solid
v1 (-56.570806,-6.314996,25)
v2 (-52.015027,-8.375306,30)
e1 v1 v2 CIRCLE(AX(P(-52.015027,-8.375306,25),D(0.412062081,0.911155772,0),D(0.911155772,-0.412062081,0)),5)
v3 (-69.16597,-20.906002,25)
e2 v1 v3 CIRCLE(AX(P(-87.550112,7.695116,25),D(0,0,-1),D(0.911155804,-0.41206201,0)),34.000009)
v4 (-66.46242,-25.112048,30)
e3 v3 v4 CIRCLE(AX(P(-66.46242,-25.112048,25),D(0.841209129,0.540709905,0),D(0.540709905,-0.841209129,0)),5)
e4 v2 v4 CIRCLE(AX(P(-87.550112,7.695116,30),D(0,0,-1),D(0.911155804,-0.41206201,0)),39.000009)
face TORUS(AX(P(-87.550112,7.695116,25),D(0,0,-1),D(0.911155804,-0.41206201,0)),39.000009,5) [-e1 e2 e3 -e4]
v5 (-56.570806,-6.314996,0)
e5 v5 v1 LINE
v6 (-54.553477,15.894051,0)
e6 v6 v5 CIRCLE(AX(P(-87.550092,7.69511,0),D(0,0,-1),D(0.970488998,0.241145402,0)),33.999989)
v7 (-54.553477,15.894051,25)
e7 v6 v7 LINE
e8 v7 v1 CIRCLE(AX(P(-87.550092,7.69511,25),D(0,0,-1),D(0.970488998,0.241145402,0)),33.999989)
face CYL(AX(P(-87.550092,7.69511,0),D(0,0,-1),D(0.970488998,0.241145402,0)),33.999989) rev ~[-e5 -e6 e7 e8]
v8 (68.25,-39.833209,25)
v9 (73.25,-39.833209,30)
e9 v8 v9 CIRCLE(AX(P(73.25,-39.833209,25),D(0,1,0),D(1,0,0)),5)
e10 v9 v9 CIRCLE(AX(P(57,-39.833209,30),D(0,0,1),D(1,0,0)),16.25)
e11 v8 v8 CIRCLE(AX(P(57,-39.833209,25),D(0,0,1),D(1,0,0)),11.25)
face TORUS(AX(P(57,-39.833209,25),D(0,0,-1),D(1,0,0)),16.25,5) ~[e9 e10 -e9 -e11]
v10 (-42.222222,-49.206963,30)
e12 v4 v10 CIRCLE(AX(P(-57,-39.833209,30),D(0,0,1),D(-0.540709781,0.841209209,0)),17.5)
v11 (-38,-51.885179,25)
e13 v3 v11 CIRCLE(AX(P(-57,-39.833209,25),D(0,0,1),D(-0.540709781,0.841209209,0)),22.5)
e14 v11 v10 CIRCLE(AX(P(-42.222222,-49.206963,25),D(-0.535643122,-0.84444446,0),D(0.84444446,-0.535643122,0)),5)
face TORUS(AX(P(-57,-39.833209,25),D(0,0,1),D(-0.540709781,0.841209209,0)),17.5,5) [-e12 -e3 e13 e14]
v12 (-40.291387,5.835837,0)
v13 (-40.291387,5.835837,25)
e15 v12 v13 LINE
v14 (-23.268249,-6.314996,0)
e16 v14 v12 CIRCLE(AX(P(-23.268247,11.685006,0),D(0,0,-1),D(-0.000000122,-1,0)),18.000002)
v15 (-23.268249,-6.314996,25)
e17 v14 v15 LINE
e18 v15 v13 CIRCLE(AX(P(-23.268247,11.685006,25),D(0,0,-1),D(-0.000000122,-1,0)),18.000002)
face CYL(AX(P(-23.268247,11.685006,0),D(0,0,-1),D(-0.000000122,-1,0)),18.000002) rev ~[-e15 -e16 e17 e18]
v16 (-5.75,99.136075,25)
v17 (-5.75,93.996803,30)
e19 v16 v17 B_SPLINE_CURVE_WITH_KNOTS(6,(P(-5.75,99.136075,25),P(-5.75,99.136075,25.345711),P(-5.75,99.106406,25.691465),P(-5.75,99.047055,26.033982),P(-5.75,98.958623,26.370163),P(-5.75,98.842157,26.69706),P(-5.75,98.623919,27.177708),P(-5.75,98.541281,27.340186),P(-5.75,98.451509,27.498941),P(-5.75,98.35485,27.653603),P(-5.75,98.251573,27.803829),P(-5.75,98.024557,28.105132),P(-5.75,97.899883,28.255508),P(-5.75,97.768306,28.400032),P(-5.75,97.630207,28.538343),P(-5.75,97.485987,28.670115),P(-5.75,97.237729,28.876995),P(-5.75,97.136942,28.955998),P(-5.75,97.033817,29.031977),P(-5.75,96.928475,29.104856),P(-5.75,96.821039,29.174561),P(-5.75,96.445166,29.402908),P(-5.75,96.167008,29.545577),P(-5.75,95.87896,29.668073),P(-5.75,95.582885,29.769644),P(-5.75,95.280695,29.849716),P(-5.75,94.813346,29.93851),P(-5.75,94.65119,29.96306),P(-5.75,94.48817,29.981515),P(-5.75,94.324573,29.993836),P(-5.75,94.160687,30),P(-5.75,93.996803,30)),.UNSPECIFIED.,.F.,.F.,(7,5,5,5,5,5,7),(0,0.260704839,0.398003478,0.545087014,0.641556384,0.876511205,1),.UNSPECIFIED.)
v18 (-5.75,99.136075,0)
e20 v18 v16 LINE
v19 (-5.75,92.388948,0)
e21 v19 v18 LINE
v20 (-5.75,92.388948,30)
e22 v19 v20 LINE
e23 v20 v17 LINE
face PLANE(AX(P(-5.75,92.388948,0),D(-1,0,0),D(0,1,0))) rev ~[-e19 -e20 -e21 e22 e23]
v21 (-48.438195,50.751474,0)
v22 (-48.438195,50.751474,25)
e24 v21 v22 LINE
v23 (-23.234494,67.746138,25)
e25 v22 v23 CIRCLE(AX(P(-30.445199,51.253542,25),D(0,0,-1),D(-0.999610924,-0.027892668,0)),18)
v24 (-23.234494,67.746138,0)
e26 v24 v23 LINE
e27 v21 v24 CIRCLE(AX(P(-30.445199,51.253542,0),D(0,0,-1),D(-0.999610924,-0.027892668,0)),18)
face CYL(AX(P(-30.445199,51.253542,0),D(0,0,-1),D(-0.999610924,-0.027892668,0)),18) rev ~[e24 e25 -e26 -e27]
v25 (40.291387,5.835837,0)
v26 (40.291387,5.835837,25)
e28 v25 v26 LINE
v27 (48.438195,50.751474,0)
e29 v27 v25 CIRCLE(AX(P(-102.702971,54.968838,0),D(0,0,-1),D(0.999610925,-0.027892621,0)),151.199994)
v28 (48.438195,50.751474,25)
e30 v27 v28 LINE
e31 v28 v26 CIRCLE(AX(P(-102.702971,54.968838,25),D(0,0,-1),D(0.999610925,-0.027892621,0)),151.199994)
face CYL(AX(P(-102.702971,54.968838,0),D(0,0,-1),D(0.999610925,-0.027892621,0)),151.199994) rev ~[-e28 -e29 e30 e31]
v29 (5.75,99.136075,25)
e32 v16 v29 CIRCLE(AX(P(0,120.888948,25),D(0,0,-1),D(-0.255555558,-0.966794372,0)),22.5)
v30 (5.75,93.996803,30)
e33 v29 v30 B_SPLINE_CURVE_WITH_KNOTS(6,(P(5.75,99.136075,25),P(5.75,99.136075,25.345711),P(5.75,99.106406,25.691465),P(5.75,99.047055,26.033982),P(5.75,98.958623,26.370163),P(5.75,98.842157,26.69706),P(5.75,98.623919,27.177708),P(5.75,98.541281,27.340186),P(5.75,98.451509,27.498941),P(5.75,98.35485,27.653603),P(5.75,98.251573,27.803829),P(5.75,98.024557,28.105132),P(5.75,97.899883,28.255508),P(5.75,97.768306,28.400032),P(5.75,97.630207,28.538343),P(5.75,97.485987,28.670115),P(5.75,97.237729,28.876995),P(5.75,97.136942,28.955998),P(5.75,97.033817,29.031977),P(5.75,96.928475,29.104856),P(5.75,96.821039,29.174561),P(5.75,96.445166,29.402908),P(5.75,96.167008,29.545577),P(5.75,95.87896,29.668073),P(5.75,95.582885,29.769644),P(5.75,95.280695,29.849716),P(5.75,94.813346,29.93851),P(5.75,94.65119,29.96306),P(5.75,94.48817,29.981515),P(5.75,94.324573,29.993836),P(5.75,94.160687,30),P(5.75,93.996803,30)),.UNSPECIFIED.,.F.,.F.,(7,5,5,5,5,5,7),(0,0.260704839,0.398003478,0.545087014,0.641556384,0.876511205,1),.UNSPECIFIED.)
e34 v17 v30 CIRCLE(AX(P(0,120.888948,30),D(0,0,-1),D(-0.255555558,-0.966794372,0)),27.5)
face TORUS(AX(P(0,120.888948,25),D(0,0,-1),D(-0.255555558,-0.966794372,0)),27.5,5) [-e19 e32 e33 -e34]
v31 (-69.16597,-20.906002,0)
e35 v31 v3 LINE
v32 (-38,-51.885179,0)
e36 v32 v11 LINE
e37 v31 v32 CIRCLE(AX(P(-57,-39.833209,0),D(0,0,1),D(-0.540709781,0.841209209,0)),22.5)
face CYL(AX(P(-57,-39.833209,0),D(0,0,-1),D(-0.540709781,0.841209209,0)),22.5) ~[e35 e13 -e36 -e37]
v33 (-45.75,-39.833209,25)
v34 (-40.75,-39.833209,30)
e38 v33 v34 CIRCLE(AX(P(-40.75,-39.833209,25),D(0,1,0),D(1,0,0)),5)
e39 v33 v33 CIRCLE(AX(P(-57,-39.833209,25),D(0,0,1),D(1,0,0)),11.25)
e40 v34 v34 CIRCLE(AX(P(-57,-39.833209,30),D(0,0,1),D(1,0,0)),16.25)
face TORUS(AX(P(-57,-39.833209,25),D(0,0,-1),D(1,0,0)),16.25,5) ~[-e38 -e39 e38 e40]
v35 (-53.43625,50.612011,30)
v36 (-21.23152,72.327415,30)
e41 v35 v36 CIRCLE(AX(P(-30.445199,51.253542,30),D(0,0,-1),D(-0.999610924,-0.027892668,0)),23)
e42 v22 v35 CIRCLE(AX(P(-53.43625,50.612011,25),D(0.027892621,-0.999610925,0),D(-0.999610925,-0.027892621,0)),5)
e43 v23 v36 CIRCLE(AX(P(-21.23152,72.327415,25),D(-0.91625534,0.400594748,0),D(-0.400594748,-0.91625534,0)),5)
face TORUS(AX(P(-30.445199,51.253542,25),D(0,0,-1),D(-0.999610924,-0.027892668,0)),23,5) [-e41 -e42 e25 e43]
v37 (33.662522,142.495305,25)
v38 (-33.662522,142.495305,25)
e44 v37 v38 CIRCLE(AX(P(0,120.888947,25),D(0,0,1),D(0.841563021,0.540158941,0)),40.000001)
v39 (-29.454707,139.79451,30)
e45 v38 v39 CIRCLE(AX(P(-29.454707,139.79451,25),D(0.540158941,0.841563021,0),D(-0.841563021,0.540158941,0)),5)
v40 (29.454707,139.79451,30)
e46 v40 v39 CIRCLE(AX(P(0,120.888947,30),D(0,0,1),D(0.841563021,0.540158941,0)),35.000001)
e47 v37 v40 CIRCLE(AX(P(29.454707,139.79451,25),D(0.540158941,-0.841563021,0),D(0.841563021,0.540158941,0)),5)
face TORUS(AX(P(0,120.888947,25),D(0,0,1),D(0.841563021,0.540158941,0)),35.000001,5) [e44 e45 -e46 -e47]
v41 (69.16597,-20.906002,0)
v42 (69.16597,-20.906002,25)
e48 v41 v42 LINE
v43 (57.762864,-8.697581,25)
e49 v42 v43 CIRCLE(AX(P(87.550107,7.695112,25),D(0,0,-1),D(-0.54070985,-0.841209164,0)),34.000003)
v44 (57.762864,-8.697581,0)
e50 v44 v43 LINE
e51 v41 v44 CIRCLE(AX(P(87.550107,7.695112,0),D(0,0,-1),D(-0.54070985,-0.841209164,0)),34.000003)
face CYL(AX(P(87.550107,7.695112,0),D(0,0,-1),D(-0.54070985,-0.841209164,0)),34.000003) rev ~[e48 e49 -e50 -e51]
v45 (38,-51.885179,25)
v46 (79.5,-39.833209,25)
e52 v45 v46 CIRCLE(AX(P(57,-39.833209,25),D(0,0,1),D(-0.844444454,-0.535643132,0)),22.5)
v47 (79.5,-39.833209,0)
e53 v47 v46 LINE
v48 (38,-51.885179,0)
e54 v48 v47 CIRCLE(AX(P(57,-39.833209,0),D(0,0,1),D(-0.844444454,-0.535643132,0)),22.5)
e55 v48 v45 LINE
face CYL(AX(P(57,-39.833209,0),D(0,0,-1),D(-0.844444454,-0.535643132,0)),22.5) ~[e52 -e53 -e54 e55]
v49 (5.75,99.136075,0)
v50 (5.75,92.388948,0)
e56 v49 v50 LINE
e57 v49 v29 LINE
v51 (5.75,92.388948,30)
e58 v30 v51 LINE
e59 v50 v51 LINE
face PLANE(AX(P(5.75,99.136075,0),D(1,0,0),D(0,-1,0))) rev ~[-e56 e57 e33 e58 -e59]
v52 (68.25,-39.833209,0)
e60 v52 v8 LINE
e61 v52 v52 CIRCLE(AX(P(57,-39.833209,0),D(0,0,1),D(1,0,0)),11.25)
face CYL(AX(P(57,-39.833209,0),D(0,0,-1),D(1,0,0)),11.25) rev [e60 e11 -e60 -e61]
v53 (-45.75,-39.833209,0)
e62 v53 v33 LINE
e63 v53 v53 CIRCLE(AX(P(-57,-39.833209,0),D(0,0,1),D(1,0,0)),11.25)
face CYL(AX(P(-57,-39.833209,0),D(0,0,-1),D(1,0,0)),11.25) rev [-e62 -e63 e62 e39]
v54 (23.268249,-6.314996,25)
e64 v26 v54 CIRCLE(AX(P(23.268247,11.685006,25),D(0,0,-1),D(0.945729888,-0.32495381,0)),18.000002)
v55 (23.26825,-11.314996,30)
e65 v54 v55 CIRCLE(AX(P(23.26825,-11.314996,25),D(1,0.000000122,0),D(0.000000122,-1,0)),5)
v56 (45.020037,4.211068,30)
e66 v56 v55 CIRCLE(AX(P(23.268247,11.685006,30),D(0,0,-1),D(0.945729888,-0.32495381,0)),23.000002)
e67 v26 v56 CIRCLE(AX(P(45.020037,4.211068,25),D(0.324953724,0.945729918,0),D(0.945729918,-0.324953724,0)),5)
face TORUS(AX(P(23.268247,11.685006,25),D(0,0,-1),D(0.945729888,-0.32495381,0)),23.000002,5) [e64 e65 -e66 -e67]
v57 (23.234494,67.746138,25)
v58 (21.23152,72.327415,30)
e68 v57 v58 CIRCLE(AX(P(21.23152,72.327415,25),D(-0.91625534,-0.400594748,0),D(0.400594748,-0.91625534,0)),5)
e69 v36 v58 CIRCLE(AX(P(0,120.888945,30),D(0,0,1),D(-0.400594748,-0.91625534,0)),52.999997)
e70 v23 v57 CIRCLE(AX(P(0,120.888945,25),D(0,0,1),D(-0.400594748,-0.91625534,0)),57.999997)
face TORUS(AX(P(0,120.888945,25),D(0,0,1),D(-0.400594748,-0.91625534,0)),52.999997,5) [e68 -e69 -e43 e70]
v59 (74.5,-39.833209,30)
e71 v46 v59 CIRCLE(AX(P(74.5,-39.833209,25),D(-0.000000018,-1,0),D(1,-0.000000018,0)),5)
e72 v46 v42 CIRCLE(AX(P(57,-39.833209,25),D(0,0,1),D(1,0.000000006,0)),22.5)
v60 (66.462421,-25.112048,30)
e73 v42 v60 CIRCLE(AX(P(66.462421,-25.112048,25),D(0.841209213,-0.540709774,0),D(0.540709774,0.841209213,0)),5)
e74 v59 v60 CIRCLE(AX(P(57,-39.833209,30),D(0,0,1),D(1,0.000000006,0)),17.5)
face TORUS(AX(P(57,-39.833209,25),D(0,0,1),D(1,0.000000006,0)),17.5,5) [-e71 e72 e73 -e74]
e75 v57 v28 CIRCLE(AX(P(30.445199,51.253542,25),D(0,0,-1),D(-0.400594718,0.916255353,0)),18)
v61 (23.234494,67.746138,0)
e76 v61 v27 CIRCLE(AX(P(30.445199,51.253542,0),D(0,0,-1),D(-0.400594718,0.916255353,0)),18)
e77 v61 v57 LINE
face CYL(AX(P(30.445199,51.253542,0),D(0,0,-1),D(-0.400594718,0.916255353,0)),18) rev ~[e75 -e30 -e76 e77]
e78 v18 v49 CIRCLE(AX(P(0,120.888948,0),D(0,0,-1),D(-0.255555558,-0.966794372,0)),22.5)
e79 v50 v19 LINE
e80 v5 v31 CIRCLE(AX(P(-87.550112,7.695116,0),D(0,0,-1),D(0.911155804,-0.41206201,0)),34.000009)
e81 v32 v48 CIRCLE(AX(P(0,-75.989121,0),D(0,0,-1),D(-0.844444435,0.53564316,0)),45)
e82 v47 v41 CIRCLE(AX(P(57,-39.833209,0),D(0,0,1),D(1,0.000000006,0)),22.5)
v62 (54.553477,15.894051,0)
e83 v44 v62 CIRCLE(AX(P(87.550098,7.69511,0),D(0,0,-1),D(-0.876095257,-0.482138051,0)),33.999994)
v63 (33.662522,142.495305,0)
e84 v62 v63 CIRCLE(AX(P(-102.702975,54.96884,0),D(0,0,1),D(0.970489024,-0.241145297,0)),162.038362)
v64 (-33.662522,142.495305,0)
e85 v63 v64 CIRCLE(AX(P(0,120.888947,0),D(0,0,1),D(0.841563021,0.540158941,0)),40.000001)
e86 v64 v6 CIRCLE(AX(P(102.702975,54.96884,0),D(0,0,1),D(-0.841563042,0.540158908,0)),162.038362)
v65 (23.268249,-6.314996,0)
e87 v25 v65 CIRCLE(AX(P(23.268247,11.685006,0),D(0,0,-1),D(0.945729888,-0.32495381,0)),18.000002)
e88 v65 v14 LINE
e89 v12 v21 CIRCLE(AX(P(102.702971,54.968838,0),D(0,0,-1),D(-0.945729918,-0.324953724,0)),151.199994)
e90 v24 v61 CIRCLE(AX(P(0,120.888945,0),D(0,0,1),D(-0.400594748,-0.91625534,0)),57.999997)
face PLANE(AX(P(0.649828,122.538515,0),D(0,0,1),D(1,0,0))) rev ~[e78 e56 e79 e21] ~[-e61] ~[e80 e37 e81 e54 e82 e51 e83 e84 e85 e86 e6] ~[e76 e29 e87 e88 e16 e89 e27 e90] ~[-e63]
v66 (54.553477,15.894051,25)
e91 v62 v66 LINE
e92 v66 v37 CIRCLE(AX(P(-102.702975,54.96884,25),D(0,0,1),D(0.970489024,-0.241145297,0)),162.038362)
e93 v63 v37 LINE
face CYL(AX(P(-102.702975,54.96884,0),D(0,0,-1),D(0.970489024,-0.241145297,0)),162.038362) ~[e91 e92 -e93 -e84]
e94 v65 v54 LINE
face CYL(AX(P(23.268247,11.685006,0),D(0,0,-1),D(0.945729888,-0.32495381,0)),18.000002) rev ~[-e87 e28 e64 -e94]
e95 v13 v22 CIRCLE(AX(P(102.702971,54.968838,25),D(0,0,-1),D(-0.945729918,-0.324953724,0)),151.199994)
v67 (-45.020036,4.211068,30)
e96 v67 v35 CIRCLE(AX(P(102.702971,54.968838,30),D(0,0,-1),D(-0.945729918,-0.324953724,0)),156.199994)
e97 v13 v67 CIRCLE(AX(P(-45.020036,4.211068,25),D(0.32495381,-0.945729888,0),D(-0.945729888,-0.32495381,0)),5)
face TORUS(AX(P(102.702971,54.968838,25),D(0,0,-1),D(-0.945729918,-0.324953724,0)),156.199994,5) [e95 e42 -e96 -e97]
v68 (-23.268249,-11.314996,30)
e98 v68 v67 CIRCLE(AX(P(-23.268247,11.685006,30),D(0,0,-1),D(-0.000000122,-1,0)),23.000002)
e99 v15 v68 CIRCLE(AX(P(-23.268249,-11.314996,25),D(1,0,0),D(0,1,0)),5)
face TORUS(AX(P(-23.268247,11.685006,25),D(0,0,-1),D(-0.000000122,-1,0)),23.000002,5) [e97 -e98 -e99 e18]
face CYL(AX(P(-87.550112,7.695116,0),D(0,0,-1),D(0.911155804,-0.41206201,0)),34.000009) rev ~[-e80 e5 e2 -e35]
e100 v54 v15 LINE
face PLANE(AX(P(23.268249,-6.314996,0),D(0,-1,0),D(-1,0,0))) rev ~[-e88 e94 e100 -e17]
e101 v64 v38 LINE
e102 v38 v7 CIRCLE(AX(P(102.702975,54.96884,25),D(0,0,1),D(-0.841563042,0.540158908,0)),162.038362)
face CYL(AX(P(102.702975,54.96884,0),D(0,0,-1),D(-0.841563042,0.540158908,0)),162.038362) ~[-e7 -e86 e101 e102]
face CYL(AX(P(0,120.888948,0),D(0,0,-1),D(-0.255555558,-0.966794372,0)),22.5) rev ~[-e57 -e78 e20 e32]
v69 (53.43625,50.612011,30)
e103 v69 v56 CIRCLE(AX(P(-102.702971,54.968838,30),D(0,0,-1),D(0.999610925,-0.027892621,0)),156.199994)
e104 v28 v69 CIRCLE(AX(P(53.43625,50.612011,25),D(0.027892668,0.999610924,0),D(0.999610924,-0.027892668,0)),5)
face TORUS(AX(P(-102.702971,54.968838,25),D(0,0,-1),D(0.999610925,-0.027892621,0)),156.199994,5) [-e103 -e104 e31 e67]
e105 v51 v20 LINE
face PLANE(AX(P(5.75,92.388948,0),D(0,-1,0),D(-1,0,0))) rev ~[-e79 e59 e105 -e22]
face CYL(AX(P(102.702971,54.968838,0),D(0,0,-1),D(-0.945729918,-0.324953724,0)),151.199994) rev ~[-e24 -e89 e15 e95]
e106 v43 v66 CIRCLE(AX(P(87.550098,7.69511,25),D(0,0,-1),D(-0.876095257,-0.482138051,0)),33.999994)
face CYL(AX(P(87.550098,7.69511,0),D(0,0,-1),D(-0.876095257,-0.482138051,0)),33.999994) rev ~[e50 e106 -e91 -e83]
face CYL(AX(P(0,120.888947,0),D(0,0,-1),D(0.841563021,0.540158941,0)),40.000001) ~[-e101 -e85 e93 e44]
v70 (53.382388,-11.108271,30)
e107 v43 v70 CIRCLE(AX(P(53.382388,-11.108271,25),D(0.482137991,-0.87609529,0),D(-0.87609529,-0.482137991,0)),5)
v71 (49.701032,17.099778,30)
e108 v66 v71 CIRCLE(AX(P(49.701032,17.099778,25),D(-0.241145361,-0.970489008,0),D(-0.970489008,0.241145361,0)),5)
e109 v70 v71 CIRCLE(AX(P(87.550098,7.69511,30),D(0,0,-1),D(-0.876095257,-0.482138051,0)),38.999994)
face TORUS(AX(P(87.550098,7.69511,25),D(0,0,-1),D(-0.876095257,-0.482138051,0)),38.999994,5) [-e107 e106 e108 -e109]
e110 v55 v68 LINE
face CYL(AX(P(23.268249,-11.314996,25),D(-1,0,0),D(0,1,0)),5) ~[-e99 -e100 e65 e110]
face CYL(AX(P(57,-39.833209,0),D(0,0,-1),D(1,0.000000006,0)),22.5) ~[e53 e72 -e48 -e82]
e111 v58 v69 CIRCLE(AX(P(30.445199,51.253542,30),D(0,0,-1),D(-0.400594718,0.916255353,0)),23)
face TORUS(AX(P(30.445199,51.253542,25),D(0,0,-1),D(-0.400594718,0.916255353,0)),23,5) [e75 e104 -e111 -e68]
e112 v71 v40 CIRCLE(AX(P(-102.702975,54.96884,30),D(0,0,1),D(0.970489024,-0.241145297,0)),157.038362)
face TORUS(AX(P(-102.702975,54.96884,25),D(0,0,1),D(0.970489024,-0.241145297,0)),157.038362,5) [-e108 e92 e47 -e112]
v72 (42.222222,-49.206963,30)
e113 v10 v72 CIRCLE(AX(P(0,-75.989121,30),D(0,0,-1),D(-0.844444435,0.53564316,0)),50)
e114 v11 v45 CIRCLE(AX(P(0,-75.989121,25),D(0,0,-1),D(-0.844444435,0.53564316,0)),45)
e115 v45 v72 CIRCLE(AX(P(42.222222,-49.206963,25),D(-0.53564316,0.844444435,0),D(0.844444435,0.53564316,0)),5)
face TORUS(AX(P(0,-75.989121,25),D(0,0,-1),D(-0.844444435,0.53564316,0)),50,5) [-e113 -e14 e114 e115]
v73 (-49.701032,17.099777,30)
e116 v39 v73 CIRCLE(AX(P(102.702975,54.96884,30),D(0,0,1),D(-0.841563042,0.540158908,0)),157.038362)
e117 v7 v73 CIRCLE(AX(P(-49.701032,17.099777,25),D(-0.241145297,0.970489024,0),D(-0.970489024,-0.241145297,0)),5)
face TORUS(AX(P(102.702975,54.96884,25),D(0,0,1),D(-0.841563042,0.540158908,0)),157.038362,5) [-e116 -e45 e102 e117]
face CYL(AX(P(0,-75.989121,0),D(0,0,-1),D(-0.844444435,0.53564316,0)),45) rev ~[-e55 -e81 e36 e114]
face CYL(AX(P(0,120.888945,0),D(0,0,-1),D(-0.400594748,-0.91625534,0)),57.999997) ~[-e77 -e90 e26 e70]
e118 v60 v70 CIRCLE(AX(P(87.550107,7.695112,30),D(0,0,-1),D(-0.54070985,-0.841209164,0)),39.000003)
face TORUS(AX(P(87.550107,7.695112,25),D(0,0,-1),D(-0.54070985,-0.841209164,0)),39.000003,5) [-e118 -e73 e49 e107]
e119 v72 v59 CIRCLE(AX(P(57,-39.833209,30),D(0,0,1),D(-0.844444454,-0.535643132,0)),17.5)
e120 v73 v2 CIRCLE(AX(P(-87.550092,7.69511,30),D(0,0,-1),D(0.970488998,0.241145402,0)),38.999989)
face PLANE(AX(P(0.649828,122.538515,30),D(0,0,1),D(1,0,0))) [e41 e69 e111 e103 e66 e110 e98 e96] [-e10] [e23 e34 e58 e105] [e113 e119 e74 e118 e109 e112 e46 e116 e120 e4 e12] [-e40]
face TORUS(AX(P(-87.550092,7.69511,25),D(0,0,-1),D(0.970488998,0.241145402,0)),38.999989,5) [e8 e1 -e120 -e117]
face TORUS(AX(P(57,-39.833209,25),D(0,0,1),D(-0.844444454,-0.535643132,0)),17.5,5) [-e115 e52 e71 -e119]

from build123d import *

# Parameters (mm, degrees)
F0_R     = 11.25
F1_DEPTH = 30
F2_R     = 5


with BuildPart() as f1:
    # F0 (on Top) → F1 (new body)
    with BuildSketch(Plane.XY):
        with BuildLine():
            ThreePointArc((33.662522, 142.495305), (0, 160.888948), (-33.662522, 142.495305))
            ThreePointArc((-33.662522, 142.495305), (-11.258311, 82.506004), (40, 120.888948))
            ThreePointArc((40, 120.888948), (38.382945, 132.147259), (33.662522, 142.495305))
        make_face()
        with BuildLine():
            Line((5.75, 92.388948), (-5.75, 92.388948))
            Line((-5.75, 92.388948), (-5.75, 99.136075))
            ThreePointArc((-5.75, 99.136075), (0, 143.388948), (5.75, 99.136075))
            Line((5.75, 99.136075), (5.75, 92.388948))
        make_face(mode=Mode.SUBTRACT)
        with BuildLine():
            ThreePointArc((-69.16597, -20.906002), (-46.217707, -20.084989), (-34.5, -39.833209))
            ThreePointArc((-34.5, -39.833209), (-35.39271, -46.108159), (-38, -51.885179))
            ThreePointArc((-38, -51.885179), (0, -30.989121), (38, -51.885179))
            ThreePointArc((38, -51.885179), (41.13799, -23.875557), (69.16597, -20.906002))
            ThreePointArc((69.16597, -20.906002), (62.702937, -15.513041), (57.762864, -8.697581))
            ThreePointArc((57.762864, -8.697581), (53.836003, 3.295175), (54.553477, 15.894051))
            ThreePointArc((54.553477, 15.894051), (57.173326, 81.350637), (33.662522, 142.495305))
            ThreePointArc((33.662522, 142.495305), (38.382945, 132.147259), (40, 120.888948))
            ThreePointArc((40, 120.888948), (-11.258311, 82.506004), (-33.662522, 142.495305))
            ThreePointArc((-33.662522, 142.495305), (-57.173326, 81.350637), (-54.553477, 15.894051))
            ThreePointArc((-54.553477, 15.894051), (-53.689504, 4.619429), (-56.570806, -6.314996))
            ThreePointArc((-56.570806, -6.314996), (-61.812749, -14.521742), (-69.16597, -20.906002))
        make_face()
        with BuildLine():
            ThreePointArc((-48.438195, 50.751474), (-40.508454, 66.177713), (-23.234494, 67.746138))
            ThreePointArc((-23.234494, 67.746138), (0, 62.888948), (23.234494, 67.746138))
            ThreePointArc((23.234494, 67.746138), (40.508454, 66.177713), (48.438195, 50.751474))
            ThreePointArc((48.438195, 50.751474), (46.069608, 27.984436), (40.291387, 5.835837))
            ThreePointArc((40.291387, 5.835837), (33.725662, -2.965678), (23.268249, -6.314996))
            Line((23.268249, -6.314996), (-23.268249, -6.314996))
            ThreePointArc((-23.268249, -6.314996), (-33.725662, -2.965678), (-40.291387, 5.835837))
            ThreePointArc((-40.291387, 5.835837), (-46.069608, 27.984436), (-48.438195, 50.751474))
        make_face(mode=Mode.SUBTRACT)
        with BuildLine():
            ThreePointArc((-38, -51.885179), (-35.39271, -46.108159), (-34.5, -39.833209))
            ThreePointArc((-34.5, -39.833209), (-46.217707, -20.084989), (-69.16597, -20.906002))
            ThreePointArc((-69.16597, -20.906002), (-72.86201, -55.79086), (-38, -51.885179))
        make_face()
        with Locations((-57, -39.833209)):
            Circle(F0_R, mode=Mode.SUBTRACT)
        with BuildLine():
            ThreePointArc((69.16597, -20.906002), (41.13799, -23.875557), (38, -51.885179))
            ThreePointArc((38, -51.885179), (63.27495, -61.440499), (79.5, -39.833209))
            ThreePointArc((79.5, -39.833209), (76.748219, -29.050916), (69.16597, -20.906002))
        make_face()
        with Locations((57, -39.833209)):
            Circle(F0_R, mode=Mode.SUBTRACT)
    extrude(amount=F1_DEPTH)

    # F2
    f2_edges = [f1.edges().sort_by_distance(p)[0] for p in [
        (0, 143.388948, 30),
        (0, 160.888948, 30),
        (-57.173326, 81.350637, 30),
        (-55.950158, -4.852534, 30),
        (-72.86201, -55.79086, 30),
        (0, -30.989121, 30),
        (63.27495, -61.440499, 30),
        (76.748219, -29.050916, 30),
        (55.950158, -4.852534, 30),
        (57.173326, 81.350637, 30),
        (0, 62.888948, 30),
        (40.508454, 66.177713, 30),
        (46.069608, 27.984436, 30),
        (33.725662, -2.965678, 30),
        (0, -6.314996, 30),
        (-33.725662, -2.965678, 30),
        (-46.069608, 27.984436, 30),
        (-40.508454, 66.177713, 30),
        (45.75, -39.833209, 30),
        (-68.25, -39.833209, 30),
    ]]
    fillet(f2_edges, radius=F2_R)


solid = f1.part
